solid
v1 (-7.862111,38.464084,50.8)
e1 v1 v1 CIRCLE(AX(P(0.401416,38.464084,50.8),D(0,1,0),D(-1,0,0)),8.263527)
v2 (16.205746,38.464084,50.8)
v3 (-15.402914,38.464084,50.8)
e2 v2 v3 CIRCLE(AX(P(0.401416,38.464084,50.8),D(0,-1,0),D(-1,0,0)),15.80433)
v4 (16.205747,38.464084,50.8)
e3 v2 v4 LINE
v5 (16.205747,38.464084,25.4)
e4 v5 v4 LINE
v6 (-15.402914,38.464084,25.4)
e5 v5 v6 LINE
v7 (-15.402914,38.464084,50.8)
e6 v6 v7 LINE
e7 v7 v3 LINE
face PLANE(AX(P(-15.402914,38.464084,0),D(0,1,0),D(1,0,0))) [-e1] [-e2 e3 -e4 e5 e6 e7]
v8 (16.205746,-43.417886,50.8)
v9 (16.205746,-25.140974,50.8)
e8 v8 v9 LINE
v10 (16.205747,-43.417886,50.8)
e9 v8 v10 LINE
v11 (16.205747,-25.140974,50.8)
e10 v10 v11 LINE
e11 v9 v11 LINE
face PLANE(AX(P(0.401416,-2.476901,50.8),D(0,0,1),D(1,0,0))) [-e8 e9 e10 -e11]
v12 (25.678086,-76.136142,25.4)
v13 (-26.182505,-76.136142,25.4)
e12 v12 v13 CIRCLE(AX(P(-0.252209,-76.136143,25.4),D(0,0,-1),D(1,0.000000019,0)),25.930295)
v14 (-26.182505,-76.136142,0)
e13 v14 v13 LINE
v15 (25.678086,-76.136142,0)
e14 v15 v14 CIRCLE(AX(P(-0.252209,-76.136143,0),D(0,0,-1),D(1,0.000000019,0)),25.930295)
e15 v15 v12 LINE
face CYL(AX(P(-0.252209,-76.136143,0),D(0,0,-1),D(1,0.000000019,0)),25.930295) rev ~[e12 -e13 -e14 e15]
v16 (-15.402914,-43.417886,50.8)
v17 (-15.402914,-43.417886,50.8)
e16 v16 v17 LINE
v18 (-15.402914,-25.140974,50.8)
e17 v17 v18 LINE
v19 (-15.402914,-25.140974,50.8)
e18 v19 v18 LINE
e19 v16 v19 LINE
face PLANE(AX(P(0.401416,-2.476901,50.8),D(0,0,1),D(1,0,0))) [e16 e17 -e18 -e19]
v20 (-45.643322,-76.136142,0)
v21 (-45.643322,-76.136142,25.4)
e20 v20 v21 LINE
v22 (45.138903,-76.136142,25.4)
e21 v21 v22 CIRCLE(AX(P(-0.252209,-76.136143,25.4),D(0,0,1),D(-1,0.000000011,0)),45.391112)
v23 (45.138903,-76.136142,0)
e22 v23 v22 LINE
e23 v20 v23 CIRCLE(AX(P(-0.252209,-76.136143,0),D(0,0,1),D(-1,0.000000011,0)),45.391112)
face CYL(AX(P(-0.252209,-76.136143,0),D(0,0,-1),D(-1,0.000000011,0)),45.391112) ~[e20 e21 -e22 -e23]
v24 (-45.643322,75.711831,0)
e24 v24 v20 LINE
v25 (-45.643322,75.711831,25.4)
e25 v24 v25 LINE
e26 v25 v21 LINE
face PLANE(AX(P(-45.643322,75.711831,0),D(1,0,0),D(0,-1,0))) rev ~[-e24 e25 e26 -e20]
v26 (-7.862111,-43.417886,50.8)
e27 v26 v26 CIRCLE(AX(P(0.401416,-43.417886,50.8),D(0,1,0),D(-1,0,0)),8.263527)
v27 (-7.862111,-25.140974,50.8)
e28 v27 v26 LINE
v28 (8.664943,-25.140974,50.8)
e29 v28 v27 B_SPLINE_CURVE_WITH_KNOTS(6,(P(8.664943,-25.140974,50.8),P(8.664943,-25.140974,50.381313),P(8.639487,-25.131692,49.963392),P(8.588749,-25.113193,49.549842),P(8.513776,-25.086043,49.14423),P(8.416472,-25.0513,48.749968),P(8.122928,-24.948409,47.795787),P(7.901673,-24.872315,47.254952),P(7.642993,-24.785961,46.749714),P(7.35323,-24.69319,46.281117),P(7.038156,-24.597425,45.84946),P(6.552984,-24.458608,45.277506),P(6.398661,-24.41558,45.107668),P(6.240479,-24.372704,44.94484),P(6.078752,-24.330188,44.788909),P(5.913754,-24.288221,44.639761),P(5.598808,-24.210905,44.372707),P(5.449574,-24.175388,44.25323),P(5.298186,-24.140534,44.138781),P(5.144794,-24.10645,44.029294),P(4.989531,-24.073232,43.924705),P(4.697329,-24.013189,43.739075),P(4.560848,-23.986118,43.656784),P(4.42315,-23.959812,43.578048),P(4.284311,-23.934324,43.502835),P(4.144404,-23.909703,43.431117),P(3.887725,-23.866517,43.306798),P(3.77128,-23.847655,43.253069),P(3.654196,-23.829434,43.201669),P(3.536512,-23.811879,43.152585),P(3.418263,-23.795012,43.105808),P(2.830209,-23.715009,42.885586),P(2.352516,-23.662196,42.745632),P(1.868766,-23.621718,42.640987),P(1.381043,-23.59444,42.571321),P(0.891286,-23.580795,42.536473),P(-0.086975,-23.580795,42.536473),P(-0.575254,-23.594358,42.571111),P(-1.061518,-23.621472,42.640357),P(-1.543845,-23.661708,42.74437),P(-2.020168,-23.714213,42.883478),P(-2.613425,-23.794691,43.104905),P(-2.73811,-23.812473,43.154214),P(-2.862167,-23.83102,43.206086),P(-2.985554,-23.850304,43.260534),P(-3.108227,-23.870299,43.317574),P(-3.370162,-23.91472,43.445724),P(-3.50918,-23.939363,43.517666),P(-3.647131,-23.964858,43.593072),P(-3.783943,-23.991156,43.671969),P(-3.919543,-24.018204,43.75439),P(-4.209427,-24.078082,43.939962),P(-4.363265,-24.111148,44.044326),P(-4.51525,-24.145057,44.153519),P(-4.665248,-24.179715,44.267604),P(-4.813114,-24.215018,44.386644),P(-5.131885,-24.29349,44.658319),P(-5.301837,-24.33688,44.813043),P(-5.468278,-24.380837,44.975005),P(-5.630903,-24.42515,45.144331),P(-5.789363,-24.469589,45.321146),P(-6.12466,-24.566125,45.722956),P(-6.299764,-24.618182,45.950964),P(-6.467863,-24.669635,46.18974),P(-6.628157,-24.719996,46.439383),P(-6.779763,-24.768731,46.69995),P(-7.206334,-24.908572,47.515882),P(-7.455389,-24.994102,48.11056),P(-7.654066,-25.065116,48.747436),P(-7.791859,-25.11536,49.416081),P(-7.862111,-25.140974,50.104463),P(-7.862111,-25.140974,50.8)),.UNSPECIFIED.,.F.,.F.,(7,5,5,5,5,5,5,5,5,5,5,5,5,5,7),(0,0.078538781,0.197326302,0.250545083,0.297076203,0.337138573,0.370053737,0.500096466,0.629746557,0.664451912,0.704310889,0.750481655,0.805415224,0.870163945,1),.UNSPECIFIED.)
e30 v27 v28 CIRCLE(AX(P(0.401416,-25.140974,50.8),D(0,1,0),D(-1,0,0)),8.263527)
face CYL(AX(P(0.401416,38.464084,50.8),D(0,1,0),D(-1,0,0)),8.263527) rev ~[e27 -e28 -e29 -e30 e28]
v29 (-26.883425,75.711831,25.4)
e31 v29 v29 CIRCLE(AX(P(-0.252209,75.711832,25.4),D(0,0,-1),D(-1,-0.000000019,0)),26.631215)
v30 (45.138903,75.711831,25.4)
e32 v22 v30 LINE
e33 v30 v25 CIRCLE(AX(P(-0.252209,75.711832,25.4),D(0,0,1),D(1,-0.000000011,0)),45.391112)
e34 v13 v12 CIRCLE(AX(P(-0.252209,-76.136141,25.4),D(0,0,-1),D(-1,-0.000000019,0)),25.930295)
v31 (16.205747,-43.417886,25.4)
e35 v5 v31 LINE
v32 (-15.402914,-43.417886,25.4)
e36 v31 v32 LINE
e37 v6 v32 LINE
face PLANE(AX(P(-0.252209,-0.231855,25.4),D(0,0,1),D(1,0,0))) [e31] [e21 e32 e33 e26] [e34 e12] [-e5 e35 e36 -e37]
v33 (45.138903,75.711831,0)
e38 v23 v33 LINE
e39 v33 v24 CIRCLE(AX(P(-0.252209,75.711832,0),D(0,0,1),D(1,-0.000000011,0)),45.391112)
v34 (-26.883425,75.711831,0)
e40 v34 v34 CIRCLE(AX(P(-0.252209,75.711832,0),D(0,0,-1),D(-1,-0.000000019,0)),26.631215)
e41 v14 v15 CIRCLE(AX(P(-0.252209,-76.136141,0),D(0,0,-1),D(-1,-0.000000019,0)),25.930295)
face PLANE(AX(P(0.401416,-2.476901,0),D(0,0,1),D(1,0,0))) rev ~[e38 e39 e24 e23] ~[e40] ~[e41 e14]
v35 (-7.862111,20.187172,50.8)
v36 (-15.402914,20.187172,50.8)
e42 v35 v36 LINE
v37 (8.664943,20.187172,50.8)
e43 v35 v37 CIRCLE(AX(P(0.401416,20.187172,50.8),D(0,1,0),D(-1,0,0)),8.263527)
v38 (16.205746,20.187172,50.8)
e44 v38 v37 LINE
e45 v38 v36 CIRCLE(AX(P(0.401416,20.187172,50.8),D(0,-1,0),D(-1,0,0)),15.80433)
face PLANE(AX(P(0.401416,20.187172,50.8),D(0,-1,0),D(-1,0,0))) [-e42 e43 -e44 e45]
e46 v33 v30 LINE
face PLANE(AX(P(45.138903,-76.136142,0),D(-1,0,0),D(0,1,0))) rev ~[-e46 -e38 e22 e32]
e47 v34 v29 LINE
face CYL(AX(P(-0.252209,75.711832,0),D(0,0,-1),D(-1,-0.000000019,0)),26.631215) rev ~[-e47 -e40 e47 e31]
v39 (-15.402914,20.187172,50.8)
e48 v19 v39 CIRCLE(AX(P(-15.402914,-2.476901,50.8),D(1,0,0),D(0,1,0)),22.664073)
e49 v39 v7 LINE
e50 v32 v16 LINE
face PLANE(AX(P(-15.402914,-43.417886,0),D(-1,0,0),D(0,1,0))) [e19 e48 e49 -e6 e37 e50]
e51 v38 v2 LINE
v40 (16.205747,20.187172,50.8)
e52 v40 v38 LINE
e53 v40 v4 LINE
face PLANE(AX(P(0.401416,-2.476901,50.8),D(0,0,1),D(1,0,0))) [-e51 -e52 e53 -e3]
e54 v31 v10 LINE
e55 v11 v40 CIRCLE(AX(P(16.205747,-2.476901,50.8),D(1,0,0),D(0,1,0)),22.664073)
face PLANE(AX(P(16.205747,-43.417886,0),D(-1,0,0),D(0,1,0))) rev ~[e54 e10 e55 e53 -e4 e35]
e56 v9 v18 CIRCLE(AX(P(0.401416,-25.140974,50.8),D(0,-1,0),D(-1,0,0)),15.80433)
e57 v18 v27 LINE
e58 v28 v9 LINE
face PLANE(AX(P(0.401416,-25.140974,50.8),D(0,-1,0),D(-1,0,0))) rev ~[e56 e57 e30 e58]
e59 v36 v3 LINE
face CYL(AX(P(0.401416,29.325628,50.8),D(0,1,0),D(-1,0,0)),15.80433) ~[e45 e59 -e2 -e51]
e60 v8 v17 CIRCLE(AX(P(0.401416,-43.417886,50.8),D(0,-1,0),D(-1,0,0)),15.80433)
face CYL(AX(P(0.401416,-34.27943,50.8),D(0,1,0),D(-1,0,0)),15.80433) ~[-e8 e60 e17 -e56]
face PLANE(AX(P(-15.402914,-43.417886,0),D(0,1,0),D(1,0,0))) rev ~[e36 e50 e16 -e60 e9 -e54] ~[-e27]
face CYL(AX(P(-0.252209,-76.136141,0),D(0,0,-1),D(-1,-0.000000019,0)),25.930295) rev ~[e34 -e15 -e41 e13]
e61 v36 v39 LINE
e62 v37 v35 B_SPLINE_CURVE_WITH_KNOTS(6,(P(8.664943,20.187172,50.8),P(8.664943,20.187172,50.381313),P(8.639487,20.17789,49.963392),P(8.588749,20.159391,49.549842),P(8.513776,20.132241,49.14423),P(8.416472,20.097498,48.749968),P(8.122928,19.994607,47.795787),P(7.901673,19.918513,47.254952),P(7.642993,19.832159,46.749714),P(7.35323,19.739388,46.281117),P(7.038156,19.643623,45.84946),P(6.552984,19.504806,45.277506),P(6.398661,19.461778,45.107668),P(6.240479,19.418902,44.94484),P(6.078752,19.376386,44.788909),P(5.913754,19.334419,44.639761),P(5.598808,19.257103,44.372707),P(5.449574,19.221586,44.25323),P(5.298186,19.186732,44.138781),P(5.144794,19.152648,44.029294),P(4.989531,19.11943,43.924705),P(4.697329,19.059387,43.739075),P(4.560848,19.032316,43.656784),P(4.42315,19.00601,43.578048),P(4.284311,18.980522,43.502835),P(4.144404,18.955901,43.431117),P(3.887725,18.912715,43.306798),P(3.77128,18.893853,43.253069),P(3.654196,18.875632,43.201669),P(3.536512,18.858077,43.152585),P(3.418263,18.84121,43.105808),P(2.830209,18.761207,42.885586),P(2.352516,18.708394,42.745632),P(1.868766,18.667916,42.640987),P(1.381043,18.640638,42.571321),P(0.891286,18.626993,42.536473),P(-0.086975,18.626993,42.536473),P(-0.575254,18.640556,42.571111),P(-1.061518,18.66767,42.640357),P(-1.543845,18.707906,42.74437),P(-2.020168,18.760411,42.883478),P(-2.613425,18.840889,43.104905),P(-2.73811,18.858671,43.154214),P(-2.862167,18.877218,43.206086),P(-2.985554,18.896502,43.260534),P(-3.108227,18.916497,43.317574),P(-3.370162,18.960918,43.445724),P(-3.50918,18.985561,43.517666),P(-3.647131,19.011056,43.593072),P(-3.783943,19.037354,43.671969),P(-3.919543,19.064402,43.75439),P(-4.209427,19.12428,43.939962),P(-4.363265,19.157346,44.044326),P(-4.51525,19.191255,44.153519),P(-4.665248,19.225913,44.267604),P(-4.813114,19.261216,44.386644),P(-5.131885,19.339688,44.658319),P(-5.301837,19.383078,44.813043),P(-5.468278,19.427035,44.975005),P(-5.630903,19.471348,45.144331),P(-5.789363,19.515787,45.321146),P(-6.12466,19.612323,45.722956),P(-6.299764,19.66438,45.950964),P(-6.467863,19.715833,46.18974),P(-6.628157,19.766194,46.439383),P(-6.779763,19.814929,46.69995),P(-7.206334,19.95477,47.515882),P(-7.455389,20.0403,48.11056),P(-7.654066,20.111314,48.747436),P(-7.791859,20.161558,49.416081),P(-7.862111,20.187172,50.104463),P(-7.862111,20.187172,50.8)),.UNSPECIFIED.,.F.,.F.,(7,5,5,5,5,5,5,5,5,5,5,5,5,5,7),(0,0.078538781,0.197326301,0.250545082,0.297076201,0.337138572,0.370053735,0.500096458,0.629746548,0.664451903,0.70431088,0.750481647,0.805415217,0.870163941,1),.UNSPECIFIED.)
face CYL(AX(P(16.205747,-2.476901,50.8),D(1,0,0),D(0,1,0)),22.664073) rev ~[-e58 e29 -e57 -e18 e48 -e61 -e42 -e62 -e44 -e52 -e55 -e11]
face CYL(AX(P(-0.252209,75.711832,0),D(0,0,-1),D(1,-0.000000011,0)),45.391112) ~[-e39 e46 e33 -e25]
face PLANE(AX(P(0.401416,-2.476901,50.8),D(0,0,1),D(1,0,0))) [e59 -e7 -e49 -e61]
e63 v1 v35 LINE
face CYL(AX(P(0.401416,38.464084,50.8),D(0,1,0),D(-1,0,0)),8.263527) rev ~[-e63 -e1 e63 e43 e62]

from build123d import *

# Parameters (mm, degrees)
F1_DEPTH  = 25.4
F2_W      = 31.608661
F2_H      = 81.88197
F3_DEPTH  = 50.8
F5_DEPTH  = 76.2
F6_W      = 15.80433
F6_H      = 18.276912
F8_W      = 15.80433
F8_H      = 18.276912
F10_R     = 8.263527
F11_DEPTH = 135.636


with BuildPart() as f1:
    # F0 (on Top) → F1 (new body)
    with BuildSketch(Plane.XY):
        with BuildLine():
            Line((45.138903, 75.711831), (26.379006, 75.711831))
            ThreePointArc((26.379006, 75.711831), (-0.25221, 49.080616), (-26.883425, 75.711831))
            Line((-26.883425, 75.711831), (-45.643322, 75.711831))
            Line((-45.643322, 75.711831), (-45.643322, -76.136142))
            Line((-45.643322, -76.136142), (-26.182505, -76.136142))
            ThreePointArc((-26.182505, -76.136142), (-0.25221, -50.205846), (25.678086, -76.136142))
            Line((25.678086, -76.136142), (45.138903, -76.136142))
            Line((45.138903, -76.136142), (45.138903, 75.711831))
        make_face()
        with BuildLine():
            ThreePointArc((-26.883425, 75.711831), (-0.25221, 102.343047), (26.379006, 75.711831))
            Line((26.379006, 75.711831), (45.138903, 75.711831))
            ThreePointArc((45.138903, 75.711831), (-0.25221, 121.102944), (-45.643322, 75.711831))
            Line((-45.643322, 75.711831), (-26.883425, 75.711831))
        make_face()
        with BuildLine():
            ThreePointArc((-45.643322, -76.136142), (-0.25221, -121.527255), (45.138903, -76.136142))
            Line((45.138903, -76.136142), (25.678086, -76.136142))
            ThreePointArc((25.678086, -76.136142), (-0.25221, -102.066438), (-26.182505, -76.136142))
            Line((-26.182505, -76.136142), (-45.643322, -76.136142))
        make_face()
    extrude(amount=F1_DEPTH)

    # F2 (on Top) → F3 (join)
    with BuildSketch(Plane.XY):
        with Locations((0.401416, -2.476901)):
            Rectangle(F2_W, F2_H)
    extrude(amount=F3_DEPTH)

    # F4 (on face) → F5 (cut)
    with BuildSketch(Plane.YZ.offset(16.205747)):
        with BuildLine():
            ThreePointArc((-25.140974, 50.8), (-2.476901, 28.135927), (20.187172, 50.8))
            Line((20.187172, 50.8), (-25.140974, 50.8))
        make_face()
        with BuildLine():
            Line((-25.140974, 50.8), (20.187172, 50.8))
            ThreePointArc((20.187172, 50.8), (-2.476901, 73.464073), (-25.140974, 50.8))
        make_face()
    extrude(amount=-F5_DEPTH, mode=Mode.SUBTRACT)

    # F6 (on face) → F7 (revolve)
    with BuildSketch(Plane.XY.offset(50.8)):
        with Locations((-7.500749, -34.27943)):
            Rectangle(F6_W, F6_H)
    revolve(axis=Axis((0.401416, -34.27943, 50.8), (0, -1, 0)))

    # F8 (on face) → F9 (revolve)
    with BuildSketch(Plane.XY.offset(50.8)):
        with Locations((-7.500749, 29.325628)):
            Rectangle(F8_W, F8_H)
    revolve(axis=Axis((0.401416, 29.325628, 50.8), (0, -1, 0)))

    # F10 (on face) → F11 (cut)
    with BuildSketch(Plane(origin=(0, 38.464084, 0), x_dir=(-1, 0, 0), z_dir=(0, 1, 0))):
        with Locations((-0.401416, 50.8)):
            Circle(F10_R)
    extrude(amount=-F11_DEPTH, mode=Mode.SUBTRACT)


solid = f1.part
